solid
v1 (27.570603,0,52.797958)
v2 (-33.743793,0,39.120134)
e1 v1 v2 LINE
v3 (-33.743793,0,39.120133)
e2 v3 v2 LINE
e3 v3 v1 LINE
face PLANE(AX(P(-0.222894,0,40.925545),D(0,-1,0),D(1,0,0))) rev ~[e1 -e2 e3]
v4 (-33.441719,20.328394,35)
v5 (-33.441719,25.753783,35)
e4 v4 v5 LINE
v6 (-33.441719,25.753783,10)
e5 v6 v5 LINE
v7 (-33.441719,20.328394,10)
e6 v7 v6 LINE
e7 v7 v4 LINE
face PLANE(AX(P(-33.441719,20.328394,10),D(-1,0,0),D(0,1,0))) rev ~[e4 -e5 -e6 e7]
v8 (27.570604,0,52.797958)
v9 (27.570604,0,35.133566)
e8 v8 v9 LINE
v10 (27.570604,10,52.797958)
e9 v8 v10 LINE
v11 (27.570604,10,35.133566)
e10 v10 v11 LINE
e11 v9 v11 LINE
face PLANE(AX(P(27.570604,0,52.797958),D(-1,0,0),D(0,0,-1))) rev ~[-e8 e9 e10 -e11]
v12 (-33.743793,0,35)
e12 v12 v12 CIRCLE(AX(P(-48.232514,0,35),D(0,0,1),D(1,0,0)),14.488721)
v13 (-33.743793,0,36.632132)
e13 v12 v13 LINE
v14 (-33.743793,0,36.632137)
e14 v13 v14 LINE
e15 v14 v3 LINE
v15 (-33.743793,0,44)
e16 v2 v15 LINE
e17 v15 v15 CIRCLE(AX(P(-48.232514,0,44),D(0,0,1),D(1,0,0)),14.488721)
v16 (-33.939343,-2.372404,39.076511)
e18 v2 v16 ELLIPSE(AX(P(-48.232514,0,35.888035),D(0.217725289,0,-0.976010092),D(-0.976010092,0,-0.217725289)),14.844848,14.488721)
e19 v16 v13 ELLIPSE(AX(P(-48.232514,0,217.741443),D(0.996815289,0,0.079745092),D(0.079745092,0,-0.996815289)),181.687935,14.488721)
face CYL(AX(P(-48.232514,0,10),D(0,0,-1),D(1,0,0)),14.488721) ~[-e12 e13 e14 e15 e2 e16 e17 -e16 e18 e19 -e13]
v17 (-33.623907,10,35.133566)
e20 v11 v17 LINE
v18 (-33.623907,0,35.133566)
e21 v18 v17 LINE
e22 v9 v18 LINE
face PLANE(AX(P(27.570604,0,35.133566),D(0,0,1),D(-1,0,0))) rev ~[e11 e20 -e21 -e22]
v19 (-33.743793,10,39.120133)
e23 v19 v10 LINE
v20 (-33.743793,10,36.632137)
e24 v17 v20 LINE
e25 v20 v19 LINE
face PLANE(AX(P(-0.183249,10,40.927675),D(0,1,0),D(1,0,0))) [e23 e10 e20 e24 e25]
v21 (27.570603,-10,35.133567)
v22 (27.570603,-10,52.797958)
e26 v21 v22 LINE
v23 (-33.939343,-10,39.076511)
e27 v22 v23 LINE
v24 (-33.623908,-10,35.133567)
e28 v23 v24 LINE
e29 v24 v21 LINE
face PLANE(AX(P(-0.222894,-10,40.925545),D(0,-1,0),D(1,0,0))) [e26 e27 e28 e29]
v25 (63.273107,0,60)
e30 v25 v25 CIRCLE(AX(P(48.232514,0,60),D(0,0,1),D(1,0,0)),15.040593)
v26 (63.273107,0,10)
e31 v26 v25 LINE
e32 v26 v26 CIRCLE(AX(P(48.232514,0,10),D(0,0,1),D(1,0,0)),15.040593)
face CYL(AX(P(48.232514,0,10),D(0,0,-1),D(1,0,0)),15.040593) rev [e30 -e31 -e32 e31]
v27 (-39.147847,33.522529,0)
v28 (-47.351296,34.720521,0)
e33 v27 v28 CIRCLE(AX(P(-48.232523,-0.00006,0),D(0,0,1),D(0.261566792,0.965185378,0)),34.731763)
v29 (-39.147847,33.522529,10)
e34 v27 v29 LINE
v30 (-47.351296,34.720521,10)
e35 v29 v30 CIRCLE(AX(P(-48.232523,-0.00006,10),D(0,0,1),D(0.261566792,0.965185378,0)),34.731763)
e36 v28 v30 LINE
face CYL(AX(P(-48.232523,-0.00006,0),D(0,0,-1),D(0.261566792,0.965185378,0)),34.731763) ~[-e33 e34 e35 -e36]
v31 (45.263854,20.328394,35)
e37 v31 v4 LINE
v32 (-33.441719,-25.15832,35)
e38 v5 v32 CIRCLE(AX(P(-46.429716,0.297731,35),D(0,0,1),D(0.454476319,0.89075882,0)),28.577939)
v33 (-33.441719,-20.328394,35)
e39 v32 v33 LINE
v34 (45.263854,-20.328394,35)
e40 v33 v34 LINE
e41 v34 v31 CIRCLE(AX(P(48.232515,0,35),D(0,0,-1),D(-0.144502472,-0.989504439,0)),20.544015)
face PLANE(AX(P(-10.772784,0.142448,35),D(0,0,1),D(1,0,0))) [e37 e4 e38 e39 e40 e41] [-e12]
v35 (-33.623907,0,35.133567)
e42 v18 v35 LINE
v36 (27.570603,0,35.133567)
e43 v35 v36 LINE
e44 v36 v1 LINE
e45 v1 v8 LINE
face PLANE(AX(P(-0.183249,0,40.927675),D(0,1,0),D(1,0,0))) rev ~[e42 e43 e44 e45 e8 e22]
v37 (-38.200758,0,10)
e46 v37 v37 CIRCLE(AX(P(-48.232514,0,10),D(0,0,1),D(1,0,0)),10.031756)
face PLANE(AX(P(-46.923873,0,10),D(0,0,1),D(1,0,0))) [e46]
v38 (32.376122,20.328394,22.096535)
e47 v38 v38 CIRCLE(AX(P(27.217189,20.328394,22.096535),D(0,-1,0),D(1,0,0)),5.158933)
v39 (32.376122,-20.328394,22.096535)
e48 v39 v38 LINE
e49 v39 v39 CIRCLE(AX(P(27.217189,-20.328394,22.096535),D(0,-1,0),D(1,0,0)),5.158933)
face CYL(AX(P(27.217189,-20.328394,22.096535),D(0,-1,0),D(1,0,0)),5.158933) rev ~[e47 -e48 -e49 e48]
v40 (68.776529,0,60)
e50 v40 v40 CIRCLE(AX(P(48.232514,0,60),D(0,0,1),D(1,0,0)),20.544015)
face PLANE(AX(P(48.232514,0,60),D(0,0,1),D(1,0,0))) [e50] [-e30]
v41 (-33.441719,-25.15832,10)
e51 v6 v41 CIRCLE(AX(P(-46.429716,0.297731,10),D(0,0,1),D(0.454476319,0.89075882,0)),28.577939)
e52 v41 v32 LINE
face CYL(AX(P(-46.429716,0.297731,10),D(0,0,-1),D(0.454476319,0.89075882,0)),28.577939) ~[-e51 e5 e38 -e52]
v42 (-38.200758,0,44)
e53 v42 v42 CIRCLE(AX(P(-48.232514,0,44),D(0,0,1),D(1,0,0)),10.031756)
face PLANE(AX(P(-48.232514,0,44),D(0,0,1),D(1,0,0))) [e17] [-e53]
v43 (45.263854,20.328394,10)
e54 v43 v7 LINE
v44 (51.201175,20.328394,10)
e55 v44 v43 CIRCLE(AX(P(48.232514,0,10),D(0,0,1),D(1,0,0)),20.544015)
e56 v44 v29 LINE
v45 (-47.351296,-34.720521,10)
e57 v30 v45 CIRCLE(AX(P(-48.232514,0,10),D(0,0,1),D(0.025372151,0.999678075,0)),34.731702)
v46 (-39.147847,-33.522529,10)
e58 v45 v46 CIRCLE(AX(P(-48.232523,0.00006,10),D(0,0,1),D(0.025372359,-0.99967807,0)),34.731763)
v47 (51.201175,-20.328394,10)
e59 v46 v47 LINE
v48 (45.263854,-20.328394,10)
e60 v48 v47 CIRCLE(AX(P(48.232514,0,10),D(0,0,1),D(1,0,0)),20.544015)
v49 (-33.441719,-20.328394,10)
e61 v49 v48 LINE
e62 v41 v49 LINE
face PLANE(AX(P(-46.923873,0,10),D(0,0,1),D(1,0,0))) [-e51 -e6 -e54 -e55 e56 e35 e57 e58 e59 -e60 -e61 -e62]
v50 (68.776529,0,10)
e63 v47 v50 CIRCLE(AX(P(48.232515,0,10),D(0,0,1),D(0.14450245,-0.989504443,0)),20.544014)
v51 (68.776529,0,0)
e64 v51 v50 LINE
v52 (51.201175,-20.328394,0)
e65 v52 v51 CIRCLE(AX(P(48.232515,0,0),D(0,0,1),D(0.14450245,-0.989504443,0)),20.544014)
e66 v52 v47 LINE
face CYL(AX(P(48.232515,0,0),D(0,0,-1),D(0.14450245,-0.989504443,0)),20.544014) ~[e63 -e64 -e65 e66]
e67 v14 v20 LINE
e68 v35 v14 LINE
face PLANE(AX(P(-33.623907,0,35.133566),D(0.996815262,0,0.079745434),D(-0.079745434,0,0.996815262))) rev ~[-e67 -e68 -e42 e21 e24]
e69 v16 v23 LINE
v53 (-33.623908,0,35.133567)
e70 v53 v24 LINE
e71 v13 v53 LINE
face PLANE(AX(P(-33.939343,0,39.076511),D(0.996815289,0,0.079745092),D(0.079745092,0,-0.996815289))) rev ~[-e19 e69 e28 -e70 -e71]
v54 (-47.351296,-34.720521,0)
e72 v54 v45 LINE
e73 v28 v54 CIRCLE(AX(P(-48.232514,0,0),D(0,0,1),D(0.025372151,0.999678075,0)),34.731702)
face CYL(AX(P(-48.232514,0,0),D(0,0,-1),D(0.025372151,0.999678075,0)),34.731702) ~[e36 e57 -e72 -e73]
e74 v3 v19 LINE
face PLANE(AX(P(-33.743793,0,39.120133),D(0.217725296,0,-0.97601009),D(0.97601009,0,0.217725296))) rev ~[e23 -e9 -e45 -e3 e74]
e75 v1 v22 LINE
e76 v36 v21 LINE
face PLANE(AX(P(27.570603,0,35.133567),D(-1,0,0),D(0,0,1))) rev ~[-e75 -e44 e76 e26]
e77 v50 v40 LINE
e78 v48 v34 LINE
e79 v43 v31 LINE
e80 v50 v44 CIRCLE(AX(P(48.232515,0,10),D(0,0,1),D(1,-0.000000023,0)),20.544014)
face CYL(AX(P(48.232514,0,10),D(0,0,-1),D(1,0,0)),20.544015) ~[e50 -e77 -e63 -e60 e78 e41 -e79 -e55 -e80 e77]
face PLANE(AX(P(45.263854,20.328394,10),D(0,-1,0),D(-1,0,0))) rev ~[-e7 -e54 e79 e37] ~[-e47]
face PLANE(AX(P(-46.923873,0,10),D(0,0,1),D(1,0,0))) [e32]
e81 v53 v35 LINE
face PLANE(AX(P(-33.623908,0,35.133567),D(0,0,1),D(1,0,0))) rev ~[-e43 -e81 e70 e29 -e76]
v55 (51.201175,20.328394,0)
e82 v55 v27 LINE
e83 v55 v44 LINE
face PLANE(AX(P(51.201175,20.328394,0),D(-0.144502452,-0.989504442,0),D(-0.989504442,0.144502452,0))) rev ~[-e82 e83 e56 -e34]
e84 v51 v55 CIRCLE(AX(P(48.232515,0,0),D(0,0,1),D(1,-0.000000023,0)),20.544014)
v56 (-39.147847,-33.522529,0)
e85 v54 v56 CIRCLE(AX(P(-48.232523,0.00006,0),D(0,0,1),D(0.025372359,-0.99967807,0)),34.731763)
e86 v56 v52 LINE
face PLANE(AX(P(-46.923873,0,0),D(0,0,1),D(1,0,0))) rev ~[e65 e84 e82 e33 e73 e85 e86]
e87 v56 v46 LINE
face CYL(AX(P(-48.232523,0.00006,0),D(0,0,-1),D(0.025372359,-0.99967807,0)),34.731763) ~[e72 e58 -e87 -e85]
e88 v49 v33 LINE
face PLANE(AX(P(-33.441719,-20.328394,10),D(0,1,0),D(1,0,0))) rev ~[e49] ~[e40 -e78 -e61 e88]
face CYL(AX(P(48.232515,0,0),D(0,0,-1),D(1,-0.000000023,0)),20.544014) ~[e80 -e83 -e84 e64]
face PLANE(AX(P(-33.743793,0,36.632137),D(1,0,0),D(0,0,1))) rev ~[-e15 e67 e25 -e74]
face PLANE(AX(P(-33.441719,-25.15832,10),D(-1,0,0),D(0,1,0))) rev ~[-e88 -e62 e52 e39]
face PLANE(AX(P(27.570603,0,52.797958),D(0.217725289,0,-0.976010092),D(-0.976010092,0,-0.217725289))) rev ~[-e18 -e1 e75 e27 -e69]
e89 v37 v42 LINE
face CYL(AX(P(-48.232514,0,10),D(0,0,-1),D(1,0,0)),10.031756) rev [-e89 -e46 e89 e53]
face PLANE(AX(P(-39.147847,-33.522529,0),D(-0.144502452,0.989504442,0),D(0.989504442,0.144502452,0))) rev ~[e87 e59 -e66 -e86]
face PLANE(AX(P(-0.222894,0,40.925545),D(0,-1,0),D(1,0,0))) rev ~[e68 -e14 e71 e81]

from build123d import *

# Parameters (mm, degrees)
F1_DEPTH  = 10
F2_R      = 20.544015
F2_R_2    = 15.040593
F3_DEPTH  = 50
F4_R      = 14.488721
F4_R_2    = 10.031756
F5_DEPTH  = 34
F6_R      = 14.488721
F7_DEPTH  = 25
F9_DEPTH  = 10
F10_DEPTH = 10
F11_R     = 5.158933
F12_DEPTH = 111


with BuildPart() as f1:
    # F0 (on Top) → F1 (new body)
    with BuildSketch(Plane.XY):
        with BuildLine():
            Line((-39.147847, 33.522529), (-47.351296, 34.720521))
            ThreePointArc((-47.351296, 34.720521), (-82.964216, 0), (-47.351296, -34.720521))
            Line((-47.351296, -34.720521), (-39.147847, -33.522529))
            ThreePointArc((-39.147847, -33.522529), (-20.647944, -21.104089), (-13.500812, 0))
            ThreePointArc((-13.500812, 0), (-20.647944, 21.104089), (-39.147847, 33.522529))
        make_face()
        with BuildLine():
            ThreePointArc((-39.147847, 33.522529), (-43.213698, 34.367173), (-47.351296, 34.720521))
            Line((-47.351296, 34.720521), (-39.147847, 33.522529))
        make_face()
        with BuildLine():
            Line((-39.147847, -33.522529), (-47.351296, -34.720521))
            ThreePointArc((-47.351296, -34.720521), (-43.213698, -34.367173), (-39.147847, -33.522529))
        make_face()
        with BuildLine():
            Line((51.201175, 20.328394), (-39.147847, 33.522529))
            ThreePointArc((-39.147847, 33.522529), (-20.647944, 21.104089), (-13.500812, 0))
            ThreePointArc((-13.500812, 0), (-20.647944, -21.104089), (-39.147847, -33.522529))
            Line((-39.147847, -33.522529), (51.201175, -20.328394))
            ThreePointArc((51.201175, -20.328394), (27.6885, 0), (51.201175, 20.328394))
        make_face()
        with BuildLine():
            ThreePointArc((68.776529, 0), (63.773505, 13.4363), (51.201175, 20.328394))
            ThreePointArc((51.201175, 20.328394), (27.6885, 0), (51.201175, -20.328394))
            ThreePointArc((51.201175, -20.328394), (63.773505, -13.4363), (68.776529, 0))
        make_face()
    extrude(amount=F1_DEPTH)

    # F2 (on face) → F3 (join)
    with BuildSketch(Plane.XY.offset(10)):
        with Locations((48.232514, 0)):
            Circle(F2_R)
        with Locations((48.232514, 0)):
            Circle(F2_R_2, mode=Mode.SUBTRACT)
    extrude(amount=F3_DEPTH)

    # F4 (on face) → F5 (join)
    with BuildSketch(Plane.XY.offset(10)):
        with Locations((-48.232514, 0)):
            Circle(F4_R)
        with Locations((-48.232514, 0)):
            Circle(F4_R_2, mode=Mode.SUBTRACT)
    extrude(amount=F5_DEPTH)

    # F6 (on face) → F7 (join)
    with BuildSketch(Plane.XY.offset(10)):
        with BuildLine():
            ThreePointArc((45.263854, -20.328394), (27.6885, 0), (45.263854, 20.328394))
            Line((45.263854, 20.328394), (-33.441719, 20.328394))
            Line((-33.441719, 20.328394), (-33.441719, 25.753783))
            ThreePointArc((-33.441719, 25.753783), (-75.007655, 0.297732), (-33.441719, -25.15832))
            Line((-33.441719, -25.15832), (-33.441719, -20.328394))
            Line((-33.441719, -20.328394), (45.263854, -20.328394))
        make_face()
        with Locations((-48.232514, 0)):
            Circle(F6_R, mode=Mode.SUBTRACT)
    extrude(amount=F7_DEPTH)

    # F8 (on Front) → F9 (join)
    with BuildSketch(Plane.XZ):
        Polygon((-33.939343, 39.076511), (-33.623908, 35.133567), (27.570603, 35.133567), (27.570603, 52.797958), align=None)
    extrude(amount=F9_DEPTH)

    # F9_face (on face) → F10 (join)
    with BuildSketch(Plane(origin=(3.374239, 0, 41.26714), x_dir=(1, 0, 0), z_dir=(0, 1, 0))):
        Polygon((-37.118032, 4.635003), (-37.118032, 2.147007), (24.196365, -11.530818), (24.196365, 6.133574), (-36.998146, 6.133574), align=None)
    extrude(amount=F10_DEPTH)

    # F11 (on face) → F12 (cut)
    with BuildSketch(Plane.XZ.offset(20.328394)):
        with Locations((27.217189, 22.096535)):
            Circle(F11_R)
    extrude(amount=-F12_DEPTH, mode=Mode.SUBTRACT)


solid = f1.part
